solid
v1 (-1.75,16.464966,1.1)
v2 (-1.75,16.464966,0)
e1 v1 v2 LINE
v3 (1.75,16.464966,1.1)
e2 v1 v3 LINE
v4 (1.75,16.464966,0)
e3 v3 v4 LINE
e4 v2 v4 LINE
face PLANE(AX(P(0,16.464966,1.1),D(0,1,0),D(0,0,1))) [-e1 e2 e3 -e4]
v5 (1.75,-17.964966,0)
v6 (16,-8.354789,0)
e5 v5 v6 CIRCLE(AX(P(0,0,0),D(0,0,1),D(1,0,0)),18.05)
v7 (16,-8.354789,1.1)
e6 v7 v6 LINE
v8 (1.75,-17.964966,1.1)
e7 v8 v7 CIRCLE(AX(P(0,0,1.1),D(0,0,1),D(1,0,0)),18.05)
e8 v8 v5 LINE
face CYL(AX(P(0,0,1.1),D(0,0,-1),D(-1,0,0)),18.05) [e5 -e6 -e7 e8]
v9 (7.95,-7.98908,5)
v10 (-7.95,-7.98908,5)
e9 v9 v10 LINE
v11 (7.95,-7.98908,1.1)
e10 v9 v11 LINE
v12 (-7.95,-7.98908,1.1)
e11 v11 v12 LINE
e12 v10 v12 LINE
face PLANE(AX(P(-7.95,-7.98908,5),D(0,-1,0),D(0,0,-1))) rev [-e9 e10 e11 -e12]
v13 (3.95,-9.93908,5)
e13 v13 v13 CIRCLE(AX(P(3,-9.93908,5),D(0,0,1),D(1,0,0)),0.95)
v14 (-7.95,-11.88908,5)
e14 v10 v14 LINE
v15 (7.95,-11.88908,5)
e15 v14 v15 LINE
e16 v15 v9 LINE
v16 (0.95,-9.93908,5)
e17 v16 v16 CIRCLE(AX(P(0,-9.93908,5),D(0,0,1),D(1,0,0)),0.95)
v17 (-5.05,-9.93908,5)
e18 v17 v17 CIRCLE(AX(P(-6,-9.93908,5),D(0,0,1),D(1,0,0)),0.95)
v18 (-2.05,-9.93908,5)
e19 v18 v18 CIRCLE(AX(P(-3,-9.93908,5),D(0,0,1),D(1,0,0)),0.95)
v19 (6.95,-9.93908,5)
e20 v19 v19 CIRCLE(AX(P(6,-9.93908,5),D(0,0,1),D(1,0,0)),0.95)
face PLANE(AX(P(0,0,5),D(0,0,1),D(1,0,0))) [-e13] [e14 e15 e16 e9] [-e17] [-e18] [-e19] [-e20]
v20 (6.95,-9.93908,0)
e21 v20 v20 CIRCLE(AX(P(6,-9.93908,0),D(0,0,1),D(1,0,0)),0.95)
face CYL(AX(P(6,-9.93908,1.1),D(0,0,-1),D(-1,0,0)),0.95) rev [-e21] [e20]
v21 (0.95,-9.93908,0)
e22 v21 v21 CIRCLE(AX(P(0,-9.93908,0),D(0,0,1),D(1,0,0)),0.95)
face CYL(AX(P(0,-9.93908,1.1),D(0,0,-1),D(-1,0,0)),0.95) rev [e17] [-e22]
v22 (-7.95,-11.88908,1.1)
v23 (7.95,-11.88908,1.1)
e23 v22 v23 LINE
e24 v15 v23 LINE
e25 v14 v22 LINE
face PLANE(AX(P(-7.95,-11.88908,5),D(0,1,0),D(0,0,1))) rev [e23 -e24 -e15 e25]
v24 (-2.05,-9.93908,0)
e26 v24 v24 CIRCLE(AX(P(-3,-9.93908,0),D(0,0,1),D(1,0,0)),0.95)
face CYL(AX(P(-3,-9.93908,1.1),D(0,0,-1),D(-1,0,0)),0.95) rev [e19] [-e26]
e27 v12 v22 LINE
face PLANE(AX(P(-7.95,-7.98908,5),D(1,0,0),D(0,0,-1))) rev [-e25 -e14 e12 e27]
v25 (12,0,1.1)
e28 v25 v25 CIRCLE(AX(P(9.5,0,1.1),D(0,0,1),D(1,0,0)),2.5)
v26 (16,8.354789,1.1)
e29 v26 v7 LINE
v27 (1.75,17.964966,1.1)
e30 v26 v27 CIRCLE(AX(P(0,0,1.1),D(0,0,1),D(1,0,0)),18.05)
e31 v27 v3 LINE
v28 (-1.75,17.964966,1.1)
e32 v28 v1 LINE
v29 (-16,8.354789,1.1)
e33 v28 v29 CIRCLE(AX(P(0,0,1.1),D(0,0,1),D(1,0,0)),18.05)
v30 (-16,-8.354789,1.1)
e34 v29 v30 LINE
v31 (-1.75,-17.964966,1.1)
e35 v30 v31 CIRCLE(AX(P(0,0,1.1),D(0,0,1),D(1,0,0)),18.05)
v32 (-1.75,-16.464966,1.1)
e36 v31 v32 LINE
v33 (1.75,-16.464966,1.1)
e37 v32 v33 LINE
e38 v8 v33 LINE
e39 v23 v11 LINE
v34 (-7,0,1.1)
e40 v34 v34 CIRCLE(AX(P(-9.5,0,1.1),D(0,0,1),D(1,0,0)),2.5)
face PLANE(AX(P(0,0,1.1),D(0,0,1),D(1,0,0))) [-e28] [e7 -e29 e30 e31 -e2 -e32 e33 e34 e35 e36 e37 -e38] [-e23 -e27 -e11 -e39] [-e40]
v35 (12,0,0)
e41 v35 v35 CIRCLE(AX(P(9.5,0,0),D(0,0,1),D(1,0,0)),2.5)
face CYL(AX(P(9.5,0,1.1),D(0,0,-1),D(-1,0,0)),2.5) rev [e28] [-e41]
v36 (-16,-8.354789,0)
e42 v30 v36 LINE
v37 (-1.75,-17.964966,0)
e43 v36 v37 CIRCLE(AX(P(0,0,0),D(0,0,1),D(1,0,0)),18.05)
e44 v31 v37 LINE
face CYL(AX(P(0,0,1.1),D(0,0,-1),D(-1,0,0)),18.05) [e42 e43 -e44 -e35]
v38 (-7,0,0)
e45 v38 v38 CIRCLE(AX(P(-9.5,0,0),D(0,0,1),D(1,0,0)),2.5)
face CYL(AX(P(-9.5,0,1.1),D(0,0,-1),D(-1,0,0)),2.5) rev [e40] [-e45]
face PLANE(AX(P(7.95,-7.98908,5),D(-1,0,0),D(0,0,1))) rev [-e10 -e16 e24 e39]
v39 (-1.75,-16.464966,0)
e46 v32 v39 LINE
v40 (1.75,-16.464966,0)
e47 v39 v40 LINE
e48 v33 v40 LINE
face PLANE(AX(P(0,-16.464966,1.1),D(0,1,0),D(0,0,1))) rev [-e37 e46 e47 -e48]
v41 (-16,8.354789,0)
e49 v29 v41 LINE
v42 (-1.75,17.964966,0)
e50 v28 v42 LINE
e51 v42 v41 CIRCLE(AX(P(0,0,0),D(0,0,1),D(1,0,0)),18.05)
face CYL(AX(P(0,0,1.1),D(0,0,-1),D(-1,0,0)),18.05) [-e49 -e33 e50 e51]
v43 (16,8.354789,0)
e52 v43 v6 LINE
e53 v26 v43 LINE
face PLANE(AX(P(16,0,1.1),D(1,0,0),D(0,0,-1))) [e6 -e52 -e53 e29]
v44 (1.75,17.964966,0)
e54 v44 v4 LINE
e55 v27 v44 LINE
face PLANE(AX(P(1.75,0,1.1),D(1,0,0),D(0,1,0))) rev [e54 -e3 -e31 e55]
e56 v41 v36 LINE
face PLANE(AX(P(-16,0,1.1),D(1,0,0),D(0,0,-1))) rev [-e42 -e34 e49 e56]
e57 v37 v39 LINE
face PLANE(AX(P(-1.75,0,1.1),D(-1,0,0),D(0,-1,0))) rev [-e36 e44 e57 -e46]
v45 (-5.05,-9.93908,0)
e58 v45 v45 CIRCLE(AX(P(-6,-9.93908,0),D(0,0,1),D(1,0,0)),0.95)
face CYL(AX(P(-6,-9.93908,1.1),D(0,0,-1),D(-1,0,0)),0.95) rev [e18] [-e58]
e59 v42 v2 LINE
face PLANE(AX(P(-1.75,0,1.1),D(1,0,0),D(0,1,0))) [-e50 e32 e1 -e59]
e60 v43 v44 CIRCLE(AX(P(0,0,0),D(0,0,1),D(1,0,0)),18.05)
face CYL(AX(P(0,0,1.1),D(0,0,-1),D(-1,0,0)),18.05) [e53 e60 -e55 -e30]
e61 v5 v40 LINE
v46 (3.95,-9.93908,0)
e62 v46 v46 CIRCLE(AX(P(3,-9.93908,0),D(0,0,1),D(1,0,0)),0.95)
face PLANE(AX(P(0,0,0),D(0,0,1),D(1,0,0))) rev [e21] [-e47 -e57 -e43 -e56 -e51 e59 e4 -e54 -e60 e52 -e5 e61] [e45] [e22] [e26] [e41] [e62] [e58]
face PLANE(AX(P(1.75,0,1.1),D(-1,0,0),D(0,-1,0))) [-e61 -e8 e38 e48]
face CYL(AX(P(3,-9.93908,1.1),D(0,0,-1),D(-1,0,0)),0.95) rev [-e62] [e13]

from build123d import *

# Parameters (mm, degrees)
IZIM1_R                     = 0.95
IZIM1_R_2                   = 2.5
Y_KSEKLIK_EKSTR_ZYON4_DEPTH = 1.1
IZIM2_W                     = 15.9
IZIM2_H                     = 3.9
IZIM2_R                     = 0.95
Y_KSEKLIK_EKSTR_ZYON5_DEPTH = 3.9


with BuildPart() as part:
    # Çizim1 → Yükseklik-Ekstrüzyon4 (new body)
    with BuildSketch(Plane.XY):
        with BuildLine():
            ThreePointArc((-16, -8.354789046), (-10.092299035, -14.964892254), (-1.75, -17.964965906))
            Line((-1.75, -17.964965906), (-1.75, -16.464965906))
            Line((-1.75, -16.464965906), (1.75, -16.464965906))
            Line((1.75, -16.464965906), (1.75, -17.964965906))
            ThreePointArc((1.75, -17.964965906), (10.092299035, -14.964892254), (16, -8.354789046))
            Line((16, -8.354789046), (16, 8.354789046))
            ThreePointArc((16, 8.354789046), (10.092299035, 14.964892254), (1.75, 17.964965906))
            Line((1.75, 17.964965906), (1.75, 16.464965906))
            Line((1.75, 16.464965906), (-1.75, 16.464965906))
            Line((-1.75, 16.464965906), (-1.75, 17.964965906))
            ThreePointArc((-1.75, 17.964965906), (-10.092299035, 14.964892254), (-16, 8.354789046))
            Line((-16, 8.354789046), (-16, -8.354789046))
        make_face()
        with Locations((-6, -9.939079606)):
            Circle(IZIM1_R, mode=Mode.SUBTRACT)
        with Locations((-3, -9.939079606)):
            Circle(IZIM1_R, mode=Mode.SUBTRACT)
        with Locations((0, -9.939079606)):
            Circle(IZIM1_R, mode=Mode.SUBTRACT)
        with Locations((3, -9.939079606)):
            Circle(IZIM1_R, mode=Mode.SUBTRACT)
        with Locations((6, -9.939079606)):
            Circle(IZIM1_R, mode=Mode.SUBTRACT)
        with Locations((-9.5, 0)):
            Circle(IZIM1_R_2, mode=Mode.SUBTRACT)
        with Locations((9.5, 0)):
            Circle(IZIM1_R_2, mode=Mode.SUBTRACT)
    extrude(amount=Y_KSEKLIK_EKSTR_ZYON4_DEPTH)

    # Çizim2 → Yükseklik-Ekstrüzyon5 (add)
    with BuildSketch(Plane.XY.offset(1.1)):
        with Locations((0, -9.939079606)):
            Rectangle(IZIM2_W, IZIM2_H)
        with Locations((-6, -9.939079606)):
            Circle(IZIM2_R, mode=Mode.SUBTRACT)
        with Locations((3, -9.939079606)):
            Circle(IZIM2_R, mode=Mode.SUBTRACT)
        with Locations((0, -9.939079606)):
            Circle(IZIM2_R, mode=Mode.SUBTRACT)
        with Locations((6, -9.939079606)):
            Circle(IZIM2_R, mode=Mode.SUBTRACT)
        with Locations((-3, -9.939079606)):
            Circle(IZIM2_R, mode=Mode.SUBTRACT)
    extrude(amount=Y_KSEKLIK_EKSTR_ZYON5_DEPTH)


solid = part.part
